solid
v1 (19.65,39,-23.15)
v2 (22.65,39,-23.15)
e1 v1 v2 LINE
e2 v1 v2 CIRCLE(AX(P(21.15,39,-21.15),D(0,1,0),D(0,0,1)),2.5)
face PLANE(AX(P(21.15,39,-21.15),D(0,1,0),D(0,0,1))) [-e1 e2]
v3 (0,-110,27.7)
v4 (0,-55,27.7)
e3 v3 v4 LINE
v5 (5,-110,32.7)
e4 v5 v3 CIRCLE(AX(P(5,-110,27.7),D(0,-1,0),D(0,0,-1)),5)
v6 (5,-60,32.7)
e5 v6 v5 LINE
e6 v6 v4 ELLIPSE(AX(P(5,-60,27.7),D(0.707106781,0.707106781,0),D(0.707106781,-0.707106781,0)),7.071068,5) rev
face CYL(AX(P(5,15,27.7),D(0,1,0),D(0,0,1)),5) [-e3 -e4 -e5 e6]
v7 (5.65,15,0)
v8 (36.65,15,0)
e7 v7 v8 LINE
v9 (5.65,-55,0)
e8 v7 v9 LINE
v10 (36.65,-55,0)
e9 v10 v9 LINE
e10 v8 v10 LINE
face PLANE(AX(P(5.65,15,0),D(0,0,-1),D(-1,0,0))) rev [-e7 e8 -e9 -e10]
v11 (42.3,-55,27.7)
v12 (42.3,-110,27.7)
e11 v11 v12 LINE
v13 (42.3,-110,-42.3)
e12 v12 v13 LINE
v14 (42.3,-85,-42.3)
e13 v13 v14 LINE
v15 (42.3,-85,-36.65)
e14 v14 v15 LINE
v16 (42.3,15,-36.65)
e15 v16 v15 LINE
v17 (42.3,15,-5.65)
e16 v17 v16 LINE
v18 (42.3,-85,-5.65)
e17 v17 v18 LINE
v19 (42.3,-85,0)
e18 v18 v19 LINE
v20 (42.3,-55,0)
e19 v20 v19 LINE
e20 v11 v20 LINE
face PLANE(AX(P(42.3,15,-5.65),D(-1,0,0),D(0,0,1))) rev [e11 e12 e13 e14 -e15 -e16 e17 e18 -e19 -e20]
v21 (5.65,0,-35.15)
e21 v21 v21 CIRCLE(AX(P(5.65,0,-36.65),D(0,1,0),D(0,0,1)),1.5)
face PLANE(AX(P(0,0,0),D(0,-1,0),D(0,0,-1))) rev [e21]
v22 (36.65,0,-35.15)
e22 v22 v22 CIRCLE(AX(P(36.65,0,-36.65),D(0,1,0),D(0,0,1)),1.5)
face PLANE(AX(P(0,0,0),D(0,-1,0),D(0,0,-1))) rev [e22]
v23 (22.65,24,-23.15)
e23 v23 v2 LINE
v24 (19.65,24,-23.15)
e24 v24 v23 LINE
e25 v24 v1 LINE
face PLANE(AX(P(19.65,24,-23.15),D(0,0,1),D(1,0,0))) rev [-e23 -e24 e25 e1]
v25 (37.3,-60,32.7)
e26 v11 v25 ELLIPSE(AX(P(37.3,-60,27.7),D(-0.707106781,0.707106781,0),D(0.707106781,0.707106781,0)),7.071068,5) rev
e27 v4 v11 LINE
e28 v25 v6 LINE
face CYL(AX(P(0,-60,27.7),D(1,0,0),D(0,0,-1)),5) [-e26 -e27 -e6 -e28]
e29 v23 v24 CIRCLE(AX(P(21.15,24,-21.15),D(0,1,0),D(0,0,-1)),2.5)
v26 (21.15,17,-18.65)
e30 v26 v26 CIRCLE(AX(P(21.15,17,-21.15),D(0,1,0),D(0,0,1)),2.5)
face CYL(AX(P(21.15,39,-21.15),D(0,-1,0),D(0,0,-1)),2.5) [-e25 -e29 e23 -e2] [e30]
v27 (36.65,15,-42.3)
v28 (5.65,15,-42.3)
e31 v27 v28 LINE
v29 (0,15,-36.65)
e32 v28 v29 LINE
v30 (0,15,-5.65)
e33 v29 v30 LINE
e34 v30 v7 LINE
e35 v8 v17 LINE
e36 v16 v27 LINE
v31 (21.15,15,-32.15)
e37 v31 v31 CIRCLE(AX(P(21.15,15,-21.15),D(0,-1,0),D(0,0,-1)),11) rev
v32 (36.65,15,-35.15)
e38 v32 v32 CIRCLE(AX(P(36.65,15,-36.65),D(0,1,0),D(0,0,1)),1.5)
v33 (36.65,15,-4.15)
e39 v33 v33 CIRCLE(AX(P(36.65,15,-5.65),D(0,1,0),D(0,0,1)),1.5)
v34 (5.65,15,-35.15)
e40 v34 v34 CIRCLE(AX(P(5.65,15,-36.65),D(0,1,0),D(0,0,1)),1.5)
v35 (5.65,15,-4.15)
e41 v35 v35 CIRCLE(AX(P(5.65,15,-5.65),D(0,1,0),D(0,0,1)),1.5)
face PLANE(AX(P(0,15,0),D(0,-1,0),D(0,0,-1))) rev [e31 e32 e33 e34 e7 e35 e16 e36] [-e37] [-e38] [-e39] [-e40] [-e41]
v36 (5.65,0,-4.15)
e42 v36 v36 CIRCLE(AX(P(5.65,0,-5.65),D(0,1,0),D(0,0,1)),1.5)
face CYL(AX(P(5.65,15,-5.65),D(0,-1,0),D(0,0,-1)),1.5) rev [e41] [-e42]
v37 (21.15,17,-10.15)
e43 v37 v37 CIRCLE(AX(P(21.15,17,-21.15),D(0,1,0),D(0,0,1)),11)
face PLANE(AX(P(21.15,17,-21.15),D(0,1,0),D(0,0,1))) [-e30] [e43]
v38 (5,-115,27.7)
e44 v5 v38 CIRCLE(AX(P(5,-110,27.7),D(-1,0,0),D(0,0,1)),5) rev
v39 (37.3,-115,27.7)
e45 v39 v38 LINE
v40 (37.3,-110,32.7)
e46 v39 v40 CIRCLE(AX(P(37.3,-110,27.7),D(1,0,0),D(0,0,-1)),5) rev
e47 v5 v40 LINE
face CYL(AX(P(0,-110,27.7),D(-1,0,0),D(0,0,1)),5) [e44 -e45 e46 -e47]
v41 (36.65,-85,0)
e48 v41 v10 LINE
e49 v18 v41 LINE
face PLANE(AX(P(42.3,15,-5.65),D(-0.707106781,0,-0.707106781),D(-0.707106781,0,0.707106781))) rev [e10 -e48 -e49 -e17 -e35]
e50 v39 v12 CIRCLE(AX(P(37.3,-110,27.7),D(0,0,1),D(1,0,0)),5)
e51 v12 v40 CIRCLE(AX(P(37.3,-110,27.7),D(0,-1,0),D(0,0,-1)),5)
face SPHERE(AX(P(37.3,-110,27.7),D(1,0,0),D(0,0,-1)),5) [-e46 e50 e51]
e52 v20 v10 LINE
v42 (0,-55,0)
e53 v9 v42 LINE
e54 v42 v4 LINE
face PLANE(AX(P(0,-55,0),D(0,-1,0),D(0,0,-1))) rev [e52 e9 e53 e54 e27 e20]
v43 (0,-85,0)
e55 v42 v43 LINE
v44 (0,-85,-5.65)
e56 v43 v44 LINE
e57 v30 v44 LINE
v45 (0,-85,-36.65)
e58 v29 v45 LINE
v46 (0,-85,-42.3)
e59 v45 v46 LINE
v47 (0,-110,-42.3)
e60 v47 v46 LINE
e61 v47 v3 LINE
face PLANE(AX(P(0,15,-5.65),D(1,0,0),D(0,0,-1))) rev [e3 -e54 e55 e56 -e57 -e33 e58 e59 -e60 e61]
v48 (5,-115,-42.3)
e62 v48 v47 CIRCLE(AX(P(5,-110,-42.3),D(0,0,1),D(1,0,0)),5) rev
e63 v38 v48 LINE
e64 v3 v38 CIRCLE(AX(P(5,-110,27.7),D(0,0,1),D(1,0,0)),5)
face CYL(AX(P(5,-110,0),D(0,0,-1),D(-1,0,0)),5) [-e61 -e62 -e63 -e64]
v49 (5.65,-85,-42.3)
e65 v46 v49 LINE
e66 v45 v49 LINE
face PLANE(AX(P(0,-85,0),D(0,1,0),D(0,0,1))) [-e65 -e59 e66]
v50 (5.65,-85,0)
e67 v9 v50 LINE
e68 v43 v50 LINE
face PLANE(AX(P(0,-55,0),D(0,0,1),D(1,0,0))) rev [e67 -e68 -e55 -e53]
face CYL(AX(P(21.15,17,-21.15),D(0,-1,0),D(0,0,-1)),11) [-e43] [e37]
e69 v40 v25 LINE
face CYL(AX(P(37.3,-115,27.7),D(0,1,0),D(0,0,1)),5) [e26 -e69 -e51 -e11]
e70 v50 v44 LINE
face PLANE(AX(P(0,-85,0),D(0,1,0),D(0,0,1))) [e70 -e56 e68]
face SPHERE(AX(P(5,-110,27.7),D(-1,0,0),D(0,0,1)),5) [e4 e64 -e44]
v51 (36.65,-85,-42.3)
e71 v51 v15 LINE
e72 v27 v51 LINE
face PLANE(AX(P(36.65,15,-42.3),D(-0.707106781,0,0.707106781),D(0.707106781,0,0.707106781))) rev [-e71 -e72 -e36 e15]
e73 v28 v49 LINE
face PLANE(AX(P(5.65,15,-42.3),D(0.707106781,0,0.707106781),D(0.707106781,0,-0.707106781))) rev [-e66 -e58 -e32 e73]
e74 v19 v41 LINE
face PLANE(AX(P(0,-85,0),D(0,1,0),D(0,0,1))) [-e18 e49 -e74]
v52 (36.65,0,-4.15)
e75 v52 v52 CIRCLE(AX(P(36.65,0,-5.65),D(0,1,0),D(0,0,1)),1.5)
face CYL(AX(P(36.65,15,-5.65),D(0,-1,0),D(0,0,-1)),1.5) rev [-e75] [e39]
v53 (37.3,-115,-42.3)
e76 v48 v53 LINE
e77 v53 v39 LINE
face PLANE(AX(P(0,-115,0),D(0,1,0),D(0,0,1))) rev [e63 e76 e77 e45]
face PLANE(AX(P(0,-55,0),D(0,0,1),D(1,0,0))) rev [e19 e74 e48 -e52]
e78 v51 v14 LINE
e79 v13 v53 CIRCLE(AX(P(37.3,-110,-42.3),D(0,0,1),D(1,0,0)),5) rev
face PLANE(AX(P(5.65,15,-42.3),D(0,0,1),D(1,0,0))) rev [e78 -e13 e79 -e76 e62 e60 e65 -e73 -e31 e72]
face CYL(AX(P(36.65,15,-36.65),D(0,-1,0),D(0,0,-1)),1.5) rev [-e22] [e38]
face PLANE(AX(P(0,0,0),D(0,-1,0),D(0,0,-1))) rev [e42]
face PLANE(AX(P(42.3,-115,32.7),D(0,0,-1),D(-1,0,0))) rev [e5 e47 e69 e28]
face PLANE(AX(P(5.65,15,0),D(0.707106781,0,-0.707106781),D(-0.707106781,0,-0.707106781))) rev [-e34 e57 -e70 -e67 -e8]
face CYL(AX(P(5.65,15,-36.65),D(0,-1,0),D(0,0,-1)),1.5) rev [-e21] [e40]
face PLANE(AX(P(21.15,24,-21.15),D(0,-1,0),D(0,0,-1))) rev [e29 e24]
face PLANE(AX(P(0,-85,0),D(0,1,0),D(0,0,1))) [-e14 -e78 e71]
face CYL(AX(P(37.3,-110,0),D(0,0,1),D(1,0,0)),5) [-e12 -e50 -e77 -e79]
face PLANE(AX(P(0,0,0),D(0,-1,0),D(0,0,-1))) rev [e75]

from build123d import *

# Parameters (mm, degrees)
SKETCH1_R           = 1.5
BOSS_EXTRUDE1_DEPTH = 15
BOSS_EXTRUDE2_DEPTH = 85
SKETCH3_R           = 11
BOSS_EXTRUDE3_DEPTH = 2
SKETCH4_R           = 2.5
BOSS_EXTRUDE4_DEPTH = 22
CUT_EXTRUDE1_DEPTH  = 15
SKETCH6_W           = 42.3
SKETCH6_H           = 75
BOSS_EXTRUDE5_DEPTH = 30
SKETCH7_W           = 42.3
SKETCH7_H           = 32.7
BOSS_EXTRUDE6_DEPTH = 30
FILLET1_R           = 5


with BuildPart() as part:
    # Sketch1 → Boss-Extrude1 (new body)
    with BuildSketch(Plane(origin=(0, 0, 0), x_dir=(1, 0, 0), z_dir=(0, 1, 0))):
        Polygon((5.65, 0), (36.65, 0), (42.3, 5.65), (42.3, 36.65), (36.65, 42.3), (5.65, 42.3), (0, 36.65), (0, 5.65), align=None)
        with Locations((5.65, 5.65)):
            Circle(SKETCH1_R, mode=Mode.SUBTRACT)
        with Locations((36.65, 5.65)):
            Circle(SKETCH1_R, mode=Mode.SUBTRACT)
        with Locations((36.65, 36.65)):
            Circle(SKETCH1_R, mode=Mode.SUBTRACT)
        with Locations((5.65, 36.65)):
            Circle(SKETCH1_R, mode=Mode.SUBTRACT)
    extrude(amount=BOSS_EXTRUDE1_DEPTH)

    # Sketch2 → Boss-Extrude2 (add)
    with BuildSketch(Plane.XZ):
        Polygon((5.65, 0), (0, -5.65), (0, -36.65), (5.65, -42.3), (36.65, -42.3), (42.3, -36.65), (42.3, -5.65), (36.65, 0), align=None)
    extrude(amount=BOSS_EXTRUDE2_DEPTH)

    # Sketch3 → Boss-Extrude3 (add)
    with BuildSketch(Plane(origin=(0, 15, 0), x_dir=(1, 0, 0), z_dir=(0, 1, 0))):
        with Locations((21.15, 21.15)):
            Circle(SKETCH3_R)
    extrude(amount=BOSS_EXTRUDE3_DEPTH)

    # Sketch4 → Boss-Extrude4 (add)
    with BuildSketch(Plane(origin=(0, 17, 0), x_dir=(1, 0, 0), z_dir=(0, 1, 0))):
        with Locations((21.15, 21.15)):
            Circle(SKETCH4_R)
    extrude(amount=BOSS_EXTRUDE4_DEPTH)

    # Sketch5 → Cut-Extrude1 (cut)
    with BuildSketch(Plane(origin=(0, 39, 0), x_dir=(1, 0, 0), z_dir=(0, 1, 0))):
        with BuildLine():
            Line((19.65, 23.15), (22.65, 23.15))
            ThreePointArc((22.65, 23.15), (21.15, 23.65), (19.65, 23.15))
        make_face()
    extrude(amount=-CUT_EXTRUDE1_DEPTH, mode=Mode.SUBTRACT)

    # Sketch6 → Boss-Extrude5 (add)
    with BuildSketch(Plane.XZ.offset(85)):
        with Locations((21.15, -4.8)):
            Rectangle(SKETCH6_W, SKETCH6_H)
    extrude(amount=BOSS_EXTRUDE5_DEPTH)

    # Sketch7 → Boss-Extrude6 (add)
    with BuildSketch(Plane(origin=(0, -85, 0), x_dir=(1, 0, 0), z_dir=(0, 1, 0))):
        with Locations((21.15, -16.35)):
            Rectangle(SKETCH7_W, SKETCH7_H)
    extrude(amount=BOSS_EXTRUDE6_DEPTH)

    # Fillet1
    fillet1_edges = [part.edges().sort_by_distance(p)[0] for p in [
        (21.15, -55, 32.7),
        (42.3, -85, 32.7),
        (0, -85, 32.7),
        (42.3, -115, -4.8),
        (21.15, -115, 32.7),
        (0, -115, -4.8),
    ]]
    fillet(fillet1_edges, radius=FILLET1_R)


solid = part.part
